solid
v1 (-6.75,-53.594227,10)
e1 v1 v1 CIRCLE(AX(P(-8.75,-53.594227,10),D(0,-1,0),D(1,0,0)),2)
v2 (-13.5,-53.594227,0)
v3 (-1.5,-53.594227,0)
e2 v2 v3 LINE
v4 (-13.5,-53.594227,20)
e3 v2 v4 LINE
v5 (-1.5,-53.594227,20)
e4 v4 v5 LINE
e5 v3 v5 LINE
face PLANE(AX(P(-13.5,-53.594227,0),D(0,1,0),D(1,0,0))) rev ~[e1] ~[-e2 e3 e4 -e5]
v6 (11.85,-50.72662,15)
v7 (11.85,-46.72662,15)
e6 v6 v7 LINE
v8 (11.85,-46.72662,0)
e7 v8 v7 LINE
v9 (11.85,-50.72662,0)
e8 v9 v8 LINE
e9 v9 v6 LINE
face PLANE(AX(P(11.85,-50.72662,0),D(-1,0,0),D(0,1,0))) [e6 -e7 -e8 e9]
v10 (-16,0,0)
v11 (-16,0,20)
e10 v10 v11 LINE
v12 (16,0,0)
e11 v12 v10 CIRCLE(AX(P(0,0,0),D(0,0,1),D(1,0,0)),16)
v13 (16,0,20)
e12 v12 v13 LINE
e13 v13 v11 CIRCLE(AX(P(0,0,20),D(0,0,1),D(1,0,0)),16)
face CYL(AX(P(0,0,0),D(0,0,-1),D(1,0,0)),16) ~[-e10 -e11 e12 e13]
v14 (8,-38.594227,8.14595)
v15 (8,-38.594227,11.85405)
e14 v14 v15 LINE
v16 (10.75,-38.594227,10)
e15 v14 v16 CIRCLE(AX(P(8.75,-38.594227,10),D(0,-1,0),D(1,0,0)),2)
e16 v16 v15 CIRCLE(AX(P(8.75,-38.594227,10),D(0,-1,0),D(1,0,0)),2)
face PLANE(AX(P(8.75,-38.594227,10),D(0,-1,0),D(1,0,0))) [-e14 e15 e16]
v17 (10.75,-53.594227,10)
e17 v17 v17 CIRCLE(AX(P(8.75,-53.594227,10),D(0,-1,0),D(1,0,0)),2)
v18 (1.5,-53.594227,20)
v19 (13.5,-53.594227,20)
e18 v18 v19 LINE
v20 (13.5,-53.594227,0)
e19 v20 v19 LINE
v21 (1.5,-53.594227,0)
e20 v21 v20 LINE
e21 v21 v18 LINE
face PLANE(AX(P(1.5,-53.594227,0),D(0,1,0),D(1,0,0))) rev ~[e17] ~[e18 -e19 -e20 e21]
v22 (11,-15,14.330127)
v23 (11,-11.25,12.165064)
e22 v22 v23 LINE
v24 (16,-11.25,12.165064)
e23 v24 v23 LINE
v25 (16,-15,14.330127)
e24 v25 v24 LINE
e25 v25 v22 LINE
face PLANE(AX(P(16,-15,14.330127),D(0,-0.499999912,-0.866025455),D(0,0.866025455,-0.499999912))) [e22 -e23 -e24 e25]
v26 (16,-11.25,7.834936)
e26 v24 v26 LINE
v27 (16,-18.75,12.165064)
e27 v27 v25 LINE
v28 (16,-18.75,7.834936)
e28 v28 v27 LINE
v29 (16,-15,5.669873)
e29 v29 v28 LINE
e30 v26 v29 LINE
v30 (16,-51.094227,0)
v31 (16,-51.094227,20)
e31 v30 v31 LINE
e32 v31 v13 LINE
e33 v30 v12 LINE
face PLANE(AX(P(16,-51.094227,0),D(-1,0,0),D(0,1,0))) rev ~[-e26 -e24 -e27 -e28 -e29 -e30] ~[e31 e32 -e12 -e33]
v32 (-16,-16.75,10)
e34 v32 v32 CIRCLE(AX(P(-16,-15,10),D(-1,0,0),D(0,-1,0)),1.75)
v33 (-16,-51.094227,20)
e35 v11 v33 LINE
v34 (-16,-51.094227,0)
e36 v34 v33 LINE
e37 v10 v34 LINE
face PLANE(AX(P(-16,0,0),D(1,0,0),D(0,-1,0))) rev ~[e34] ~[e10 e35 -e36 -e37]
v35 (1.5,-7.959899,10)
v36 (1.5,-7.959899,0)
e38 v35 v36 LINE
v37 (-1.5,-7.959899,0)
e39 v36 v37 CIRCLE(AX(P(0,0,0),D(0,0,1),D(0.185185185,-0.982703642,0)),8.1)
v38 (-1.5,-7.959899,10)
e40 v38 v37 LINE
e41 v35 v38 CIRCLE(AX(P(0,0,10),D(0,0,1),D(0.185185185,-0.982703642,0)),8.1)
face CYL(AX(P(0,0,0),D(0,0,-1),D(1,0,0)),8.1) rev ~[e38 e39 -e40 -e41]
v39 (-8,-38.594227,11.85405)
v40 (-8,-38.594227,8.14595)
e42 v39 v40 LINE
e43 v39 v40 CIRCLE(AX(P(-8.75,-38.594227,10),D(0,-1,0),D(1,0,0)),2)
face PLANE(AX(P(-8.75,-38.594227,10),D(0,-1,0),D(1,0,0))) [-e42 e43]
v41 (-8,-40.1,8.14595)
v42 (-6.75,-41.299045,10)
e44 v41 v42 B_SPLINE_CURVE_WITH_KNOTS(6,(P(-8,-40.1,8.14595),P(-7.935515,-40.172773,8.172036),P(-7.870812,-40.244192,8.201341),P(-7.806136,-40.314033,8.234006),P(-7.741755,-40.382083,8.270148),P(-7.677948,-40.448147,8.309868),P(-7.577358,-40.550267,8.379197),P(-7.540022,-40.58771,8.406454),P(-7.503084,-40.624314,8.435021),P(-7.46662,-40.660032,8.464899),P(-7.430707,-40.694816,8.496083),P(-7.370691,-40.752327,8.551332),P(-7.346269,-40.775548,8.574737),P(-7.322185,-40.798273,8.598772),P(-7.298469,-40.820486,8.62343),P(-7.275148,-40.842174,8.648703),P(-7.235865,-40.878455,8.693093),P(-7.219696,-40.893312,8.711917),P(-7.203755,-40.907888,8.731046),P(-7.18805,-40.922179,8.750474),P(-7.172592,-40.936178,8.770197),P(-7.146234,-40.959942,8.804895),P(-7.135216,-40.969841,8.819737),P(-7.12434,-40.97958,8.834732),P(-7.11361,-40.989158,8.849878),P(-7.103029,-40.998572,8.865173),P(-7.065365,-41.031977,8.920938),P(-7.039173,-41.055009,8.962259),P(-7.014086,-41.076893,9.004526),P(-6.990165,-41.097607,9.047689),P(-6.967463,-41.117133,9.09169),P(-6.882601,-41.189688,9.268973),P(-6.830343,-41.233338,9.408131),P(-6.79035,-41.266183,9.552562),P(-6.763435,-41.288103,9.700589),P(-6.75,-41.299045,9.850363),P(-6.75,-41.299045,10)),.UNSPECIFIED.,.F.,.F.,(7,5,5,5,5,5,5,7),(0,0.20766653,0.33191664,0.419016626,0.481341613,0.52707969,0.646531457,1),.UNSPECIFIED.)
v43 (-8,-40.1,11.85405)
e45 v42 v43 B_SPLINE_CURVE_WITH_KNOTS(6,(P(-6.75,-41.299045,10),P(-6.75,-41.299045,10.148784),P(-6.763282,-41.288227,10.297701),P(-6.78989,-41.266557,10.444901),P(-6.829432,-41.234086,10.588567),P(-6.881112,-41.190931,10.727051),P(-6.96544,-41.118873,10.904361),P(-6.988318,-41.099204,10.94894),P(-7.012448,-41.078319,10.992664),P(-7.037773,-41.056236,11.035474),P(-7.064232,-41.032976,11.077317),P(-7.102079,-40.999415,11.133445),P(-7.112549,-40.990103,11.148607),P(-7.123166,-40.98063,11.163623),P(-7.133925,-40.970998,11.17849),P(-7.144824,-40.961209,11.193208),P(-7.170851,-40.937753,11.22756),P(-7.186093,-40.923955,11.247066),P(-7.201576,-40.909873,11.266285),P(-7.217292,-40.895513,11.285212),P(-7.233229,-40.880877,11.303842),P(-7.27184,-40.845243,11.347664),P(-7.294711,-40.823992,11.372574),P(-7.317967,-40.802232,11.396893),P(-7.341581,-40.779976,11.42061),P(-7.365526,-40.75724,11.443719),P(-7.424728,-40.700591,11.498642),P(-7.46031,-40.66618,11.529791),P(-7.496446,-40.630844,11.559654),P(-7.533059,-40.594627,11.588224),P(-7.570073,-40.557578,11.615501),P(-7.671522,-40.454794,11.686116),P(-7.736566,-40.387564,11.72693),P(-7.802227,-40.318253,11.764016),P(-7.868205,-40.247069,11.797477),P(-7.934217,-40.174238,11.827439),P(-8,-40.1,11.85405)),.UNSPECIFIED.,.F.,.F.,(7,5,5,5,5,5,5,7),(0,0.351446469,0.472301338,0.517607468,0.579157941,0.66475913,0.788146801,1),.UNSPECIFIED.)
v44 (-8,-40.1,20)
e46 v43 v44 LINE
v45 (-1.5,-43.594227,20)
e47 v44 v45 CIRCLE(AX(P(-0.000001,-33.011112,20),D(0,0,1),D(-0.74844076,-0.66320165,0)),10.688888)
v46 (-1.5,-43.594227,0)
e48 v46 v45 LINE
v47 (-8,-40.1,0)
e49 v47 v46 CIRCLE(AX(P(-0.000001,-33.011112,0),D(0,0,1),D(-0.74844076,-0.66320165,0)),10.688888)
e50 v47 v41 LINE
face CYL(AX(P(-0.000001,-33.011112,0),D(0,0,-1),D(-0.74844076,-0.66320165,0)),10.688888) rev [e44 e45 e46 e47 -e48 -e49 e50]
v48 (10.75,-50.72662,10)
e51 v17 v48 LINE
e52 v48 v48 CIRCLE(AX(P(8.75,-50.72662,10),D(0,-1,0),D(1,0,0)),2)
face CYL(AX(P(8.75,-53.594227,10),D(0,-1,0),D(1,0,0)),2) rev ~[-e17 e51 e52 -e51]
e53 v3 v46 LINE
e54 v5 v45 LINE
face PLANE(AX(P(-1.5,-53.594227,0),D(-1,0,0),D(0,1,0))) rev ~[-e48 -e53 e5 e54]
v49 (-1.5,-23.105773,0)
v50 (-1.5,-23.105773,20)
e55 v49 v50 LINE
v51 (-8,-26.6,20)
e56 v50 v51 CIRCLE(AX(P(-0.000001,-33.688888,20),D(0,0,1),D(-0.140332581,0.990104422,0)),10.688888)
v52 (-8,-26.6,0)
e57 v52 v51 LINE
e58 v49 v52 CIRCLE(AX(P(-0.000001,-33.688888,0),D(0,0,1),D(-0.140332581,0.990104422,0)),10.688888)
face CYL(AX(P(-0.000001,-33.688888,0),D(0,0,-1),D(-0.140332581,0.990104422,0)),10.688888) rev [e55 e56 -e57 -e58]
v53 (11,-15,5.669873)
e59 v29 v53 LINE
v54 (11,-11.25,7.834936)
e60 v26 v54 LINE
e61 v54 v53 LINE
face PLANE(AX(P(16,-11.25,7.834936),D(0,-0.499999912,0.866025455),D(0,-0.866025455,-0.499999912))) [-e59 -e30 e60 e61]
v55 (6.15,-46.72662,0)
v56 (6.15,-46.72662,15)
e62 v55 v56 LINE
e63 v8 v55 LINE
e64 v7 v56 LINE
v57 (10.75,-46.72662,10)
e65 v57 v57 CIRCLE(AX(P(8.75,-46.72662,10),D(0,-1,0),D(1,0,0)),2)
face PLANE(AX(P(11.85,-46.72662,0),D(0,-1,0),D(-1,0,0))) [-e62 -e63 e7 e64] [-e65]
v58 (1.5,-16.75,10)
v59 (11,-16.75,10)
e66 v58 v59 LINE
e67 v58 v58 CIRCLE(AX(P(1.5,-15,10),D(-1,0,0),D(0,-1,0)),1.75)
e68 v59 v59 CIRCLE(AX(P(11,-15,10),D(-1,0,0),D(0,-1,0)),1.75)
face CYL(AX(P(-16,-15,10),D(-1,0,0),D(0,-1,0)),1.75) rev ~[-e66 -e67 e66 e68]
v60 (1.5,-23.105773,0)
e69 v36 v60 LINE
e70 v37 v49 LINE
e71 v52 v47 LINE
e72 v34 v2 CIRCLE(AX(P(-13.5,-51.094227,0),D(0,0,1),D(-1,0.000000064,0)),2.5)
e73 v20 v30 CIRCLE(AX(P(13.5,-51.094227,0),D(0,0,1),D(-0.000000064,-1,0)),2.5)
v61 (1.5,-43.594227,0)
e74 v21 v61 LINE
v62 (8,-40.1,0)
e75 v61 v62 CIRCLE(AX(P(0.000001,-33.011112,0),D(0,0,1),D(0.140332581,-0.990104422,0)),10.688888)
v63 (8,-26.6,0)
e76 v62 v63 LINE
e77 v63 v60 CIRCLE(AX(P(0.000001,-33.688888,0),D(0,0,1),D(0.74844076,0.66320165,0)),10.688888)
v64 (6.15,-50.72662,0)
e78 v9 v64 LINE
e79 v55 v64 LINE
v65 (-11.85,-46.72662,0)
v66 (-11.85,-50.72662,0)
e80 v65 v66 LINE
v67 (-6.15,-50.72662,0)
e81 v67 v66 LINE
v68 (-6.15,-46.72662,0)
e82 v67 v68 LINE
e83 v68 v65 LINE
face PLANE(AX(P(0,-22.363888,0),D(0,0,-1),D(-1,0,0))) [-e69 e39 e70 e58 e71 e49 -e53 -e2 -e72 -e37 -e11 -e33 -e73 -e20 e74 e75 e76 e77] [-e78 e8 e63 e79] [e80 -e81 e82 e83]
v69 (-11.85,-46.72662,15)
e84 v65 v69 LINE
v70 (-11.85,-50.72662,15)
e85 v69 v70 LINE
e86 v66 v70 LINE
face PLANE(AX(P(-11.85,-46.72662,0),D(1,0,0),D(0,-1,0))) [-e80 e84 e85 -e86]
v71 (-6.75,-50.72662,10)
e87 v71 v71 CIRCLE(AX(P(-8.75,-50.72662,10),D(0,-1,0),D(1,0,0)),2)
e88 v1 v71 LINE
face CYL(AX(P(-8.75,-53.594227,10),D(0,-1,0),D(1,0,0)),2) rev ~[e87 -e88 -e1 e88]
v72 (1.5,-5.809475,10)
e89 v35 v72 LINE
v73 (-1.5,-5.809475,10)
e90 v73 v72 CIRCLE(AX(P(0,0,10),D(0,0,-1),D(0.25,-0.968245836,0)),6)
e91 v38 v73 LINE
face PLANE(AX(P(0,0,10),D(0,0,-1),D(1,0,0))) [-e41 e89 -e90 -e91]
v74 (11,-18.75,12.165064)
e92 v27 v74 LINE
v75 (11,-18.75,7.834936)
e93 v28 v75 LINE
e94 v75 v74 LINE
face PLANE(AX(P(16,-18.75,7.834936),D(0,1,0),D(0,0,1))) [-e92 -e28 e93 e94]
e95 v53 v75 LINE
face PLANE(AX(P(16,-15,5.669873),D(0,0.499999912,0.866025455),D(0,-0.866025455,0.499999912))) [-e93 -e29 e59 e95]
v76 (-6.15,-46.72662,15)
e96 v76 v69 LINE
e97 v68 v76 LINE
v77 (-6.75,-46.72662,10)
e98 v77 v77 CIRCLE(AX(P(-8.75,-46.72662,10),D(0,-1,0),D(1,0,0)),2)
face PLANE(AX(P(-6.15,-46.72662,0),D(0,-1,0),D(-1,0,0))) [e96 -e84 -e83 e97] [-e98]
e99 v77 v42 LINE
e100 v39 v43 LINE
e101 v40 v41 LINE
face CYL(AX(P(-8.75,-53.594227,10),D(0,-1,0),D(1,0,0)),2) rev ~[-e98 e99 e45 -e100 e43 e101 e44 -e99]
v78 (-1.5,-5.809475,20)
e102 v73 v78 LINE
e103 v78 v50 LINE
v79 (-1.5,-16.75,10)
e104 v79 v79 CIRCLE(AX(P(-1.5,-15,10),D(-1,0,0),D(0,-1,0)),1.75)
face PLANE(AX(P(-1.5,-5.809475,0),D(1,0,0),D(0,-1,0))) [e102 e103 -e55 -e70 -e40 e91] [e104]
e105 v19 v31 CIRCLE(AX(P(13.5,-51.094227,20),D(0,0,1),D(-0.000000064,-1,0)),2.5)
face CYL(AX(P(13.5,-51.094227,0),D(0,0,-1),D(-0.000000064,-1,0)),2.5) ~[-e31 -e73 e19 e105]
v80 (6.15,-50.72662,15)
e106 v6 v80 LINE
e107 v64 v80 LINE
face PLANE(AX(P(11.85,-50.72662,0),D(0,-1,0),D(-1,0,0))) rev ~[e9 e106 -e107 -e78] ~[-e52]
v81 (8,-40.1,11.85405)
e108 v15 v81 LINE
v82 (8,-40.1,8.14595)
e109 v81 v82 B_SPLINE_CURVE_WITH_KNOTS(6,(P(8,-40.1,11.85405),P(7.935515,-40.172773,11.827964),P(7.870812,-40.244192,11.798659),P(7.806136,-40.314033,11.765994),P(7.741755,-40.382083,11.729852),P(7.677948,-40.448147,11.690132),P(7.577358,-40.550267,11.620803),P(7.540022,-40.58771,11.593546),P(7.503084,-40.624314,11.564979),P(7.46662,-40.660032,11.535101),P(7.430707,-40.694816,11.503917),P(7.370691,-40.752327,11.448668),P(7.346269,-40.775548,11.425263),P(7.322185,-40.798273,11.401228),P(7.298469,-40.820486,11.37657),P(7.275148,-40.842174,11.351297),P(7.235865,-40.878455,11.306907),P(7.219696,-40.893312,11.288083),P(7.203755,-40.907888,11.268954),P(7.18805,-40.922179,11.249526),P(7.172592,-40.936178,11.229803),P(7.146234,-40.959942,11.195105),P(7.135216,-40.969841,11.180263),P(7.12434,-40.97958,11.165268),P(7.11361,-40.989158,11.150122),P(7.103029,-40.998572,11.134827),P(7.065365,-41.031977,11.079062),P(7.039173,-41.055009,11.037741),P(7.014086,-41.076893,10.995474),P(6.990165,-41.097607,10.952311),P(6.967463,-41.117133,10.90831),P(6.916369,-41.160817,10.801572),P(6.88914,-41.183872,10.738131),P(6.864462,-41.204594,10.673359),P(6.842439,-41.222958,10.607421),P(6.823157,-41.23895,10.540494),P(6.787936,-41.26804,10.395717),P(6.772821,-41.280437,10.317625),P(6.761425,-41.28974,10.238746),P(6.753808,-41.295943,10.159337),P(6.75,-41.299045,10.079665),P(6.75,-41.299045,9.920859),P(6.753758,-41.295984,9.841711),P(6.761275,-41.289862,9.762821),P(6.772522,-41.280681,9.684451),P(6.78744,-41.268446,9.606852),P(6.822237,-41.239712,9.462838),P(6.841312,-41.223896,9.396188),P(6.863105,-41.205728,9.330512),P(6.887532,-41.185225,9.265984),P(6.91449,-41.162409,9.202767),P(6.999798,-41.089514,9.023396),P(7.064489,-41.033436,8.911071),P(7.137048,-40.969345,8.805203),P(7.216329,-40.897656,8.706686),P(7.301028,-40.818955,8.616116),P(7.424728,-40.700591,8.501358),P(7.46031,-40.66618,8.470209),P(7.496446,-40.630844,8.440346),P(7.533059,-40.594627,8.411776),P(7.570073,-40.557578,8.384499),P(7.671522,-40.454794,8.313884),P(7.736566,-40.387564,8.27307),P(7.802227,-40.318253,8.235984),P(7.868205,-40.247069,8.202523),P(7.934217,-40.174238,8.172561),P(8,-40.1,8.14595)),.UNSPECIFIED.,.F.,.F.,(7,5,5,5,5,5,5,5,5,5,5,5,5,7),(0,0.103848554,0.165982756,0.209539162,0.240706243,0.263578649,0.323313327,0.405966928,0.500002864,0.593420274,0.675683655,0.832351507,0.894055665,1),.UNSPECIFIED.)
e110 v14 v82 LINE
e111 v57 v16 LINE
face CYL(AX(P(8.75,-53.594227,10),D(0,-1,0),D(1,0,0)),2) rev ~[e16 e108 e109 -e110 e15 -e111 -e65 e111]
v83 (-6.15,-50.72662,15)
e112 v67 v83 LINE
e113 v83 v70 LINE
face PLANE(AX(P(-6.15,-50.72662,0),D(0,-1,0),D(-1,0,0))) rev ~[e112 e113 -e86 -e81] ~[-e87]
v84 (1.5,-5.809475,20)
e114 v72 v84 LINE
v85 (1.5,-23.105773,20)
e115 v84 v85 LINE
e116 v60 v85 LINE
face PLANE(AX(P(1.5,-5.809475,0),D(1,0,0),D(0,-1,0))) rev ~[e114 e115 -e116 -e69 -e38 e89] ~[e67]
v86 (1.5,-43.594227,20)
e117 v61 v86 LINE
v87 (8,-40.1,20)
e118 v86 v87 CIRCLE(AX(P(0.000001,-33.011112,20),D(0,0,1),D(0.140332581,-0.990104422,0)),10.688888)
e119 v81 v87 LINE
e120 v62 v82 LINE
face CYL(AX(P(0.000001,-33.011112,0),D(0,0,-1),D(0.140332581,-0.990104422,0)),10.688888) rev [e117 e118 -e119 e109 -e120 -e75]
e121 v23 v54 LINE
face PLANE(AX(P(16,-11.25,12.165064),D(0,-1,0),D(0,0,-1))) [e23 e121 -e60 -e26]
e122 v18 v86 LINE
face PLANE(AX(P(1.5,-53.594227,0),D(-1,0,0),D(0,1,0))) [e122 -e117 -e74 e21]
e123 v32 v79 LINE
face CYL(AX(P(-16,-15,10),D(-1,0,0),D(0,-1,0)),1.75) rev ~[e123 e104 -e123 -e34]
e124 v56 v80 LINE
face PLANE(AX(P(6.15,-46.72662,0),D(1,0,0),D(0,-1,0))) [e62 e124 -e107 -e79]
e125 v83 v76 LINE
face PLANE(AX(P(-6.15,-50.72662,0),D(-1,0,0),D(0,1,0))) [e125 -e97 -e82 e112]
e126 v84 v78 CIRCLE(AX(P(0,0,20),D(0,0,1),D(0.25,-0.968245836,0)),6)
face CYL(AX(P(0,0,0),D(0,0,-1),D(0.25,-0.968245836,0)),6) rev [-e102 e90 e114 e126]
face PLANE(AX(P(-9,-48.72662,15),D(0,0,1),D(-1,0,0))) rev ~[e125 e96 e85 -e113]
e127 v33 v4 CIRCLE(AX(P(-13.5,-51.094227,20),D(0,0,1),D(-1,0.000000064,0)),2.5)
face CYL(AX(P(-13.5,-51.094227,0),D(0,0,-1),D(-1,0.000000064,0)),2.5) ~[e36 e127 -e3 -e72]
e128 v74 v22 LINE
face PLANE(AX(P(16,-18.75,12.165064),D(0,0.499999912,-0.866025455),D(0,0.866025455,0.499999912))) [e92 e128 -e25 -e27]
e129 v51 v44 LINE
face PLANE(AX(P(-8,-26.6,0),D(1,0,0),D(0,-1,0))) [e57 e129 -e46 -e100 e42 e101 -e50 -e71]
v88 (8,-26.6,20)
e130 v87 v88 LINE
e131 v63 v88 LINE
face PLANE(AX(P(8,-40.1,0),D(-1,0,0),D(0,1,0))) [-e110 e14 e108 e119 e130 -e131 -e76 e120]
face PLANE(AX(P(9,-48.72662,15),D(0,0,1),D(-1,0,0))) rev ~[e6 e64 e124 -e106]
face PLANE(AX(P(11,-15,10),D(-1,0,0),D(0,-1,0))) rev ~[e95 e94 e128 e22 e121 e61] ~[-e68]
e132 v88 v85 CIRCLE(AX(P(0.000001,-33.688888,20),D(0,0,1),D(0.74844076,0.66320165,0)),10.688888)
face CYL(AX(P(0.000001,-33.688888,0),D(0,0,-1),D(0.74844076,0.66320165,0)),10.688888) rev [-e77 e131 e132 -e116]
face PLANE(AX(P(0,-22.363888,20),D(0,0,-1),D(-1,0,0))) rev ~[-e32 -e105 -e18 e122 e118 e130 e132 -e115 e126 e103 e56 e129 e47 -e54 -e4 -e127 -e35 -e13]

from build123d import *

# Parameters (mm, degrees)
PAD_DEPTH       = 20
SKETCH004_R     = 1.75
POCKET002_DEPTH = 50
POCKET003_DEPTH = 5
POCKET004_DEPTH = 15
SKETCH007_R     = 2
POCKET005_DEPTH = 15
SKETCH008_R     = 8.1
POCKET006_DEPTH = 10


with BuildPart() as part:
    # Sketch003 → Pad (new body)
    with BuildSketch(Plane.XY):
        with BuildLine():
            Line((-8, -26.6), (-8, -40.1))
            ThreePointArc((-8, -40.1), (-5.061117, -42.425857), (-1.5, -43.594227))
            Line((-1.5, -53.594227), (-1.5, -43.594227))
            Line((-13.5, -53.594227), (-1.5, -53.594227))
            ThreePointArc((-16, -51.094227), (-15.267767, -52.861994), (-13.5, -53.594227))
            Line((-16, 0), (-16, -51.094227))
            ThreePointArc((16, 0), (0, 16), (-16, 0))
            Line((16, -51.094227), (16, 0))
            ThreePointArc((13.5, -53.594227), (15.267767, -52.861994), (16, -51.094227))
            Line((1.5, -53.594227), (13.5, -53.594227))
            Line((1.5, -53.594227), (1.5, -43.594227))
            ThreePointArc((1.5, -43.594227), (5.061117, -42.425857), (8, -40.1))
            Line((8, -40.1), (8, -26.6))
            ThreePointArc((8, -26.6), (5.061117, -24.274143), (1.5, -23.105773))
            Line((1.5, -5.809475), (1.5, -23.105773))
            ThreePointArc((1.5, -5.809475), (0, 6), (-1.5, -5.809475))
            Line((-1.5, -5.809475), (-1.5, -23.105773))
            ThreePointArc((-1.5, -23.105773), (-5.061117, -24.274143), (-8, -26.6))
        make_face()
    extrude(amount=PAD_DEPTH)

    # Sketch004 (on Face9 of Pad) → Pocket002 (cut)
    with BuildSketch(Plane(origin=(-16, 0, 0), x_dir=(0, -1, 0), z_dir=(-1, 0, 0))):
        with Locations((15, 10)):
            Circle(SKETCH004_R)
    extrude(amount=-POCKET002_DEPTH, mode=Mode.SUBTRACT)

    # Sketch005 (on Face17 of Pocket002) → Pocket003 (cut)
    with BuildSketch(Plane(origin=(16, 0, 0), x_dir=(0, -1, 0), z_dir=(-1, 0, 0))):
        Polygon((18.75, 7.834936), (18.75, 12.165064), (15, 14.330127), (11.25, 12.165064), (11.25, 7.834936), (15, 5.669873), align=None)
    extrude(amount=POCKET003_DEPTH, mode=Mode.SUBTRACT)

    # Sketch006 → Pocket004 (cut)
    with BuildSketch(Plane(origin=(0, 0, 0), x_dir=(1, 0, 0), z_dir=(0, 0, -1))):
        Polygon((-7, 50.72662), (-6.15, 50.72662), (-6.15, 46.72662), (-11.85, 46.72662), (-11.85, 50.72662), (-11, 50.72662), align=None)
        Polygon((11, 50.72662), (11.85, 50.72662), (11.85, 46.72662), (6.15, 46.72662), (6.15, 50.72662), (7, 50.72662), align=None)
    extrude(amount=-POCKET004_DEPTH, mode=Mode.SUBTRACT)

    # Sketch007 (on Face16 of Pocket004) → Pocket005 (cut)
    with BuildSketch(Plane.XZ.offset(53.594227)):
        with Locations((-8.75, 10)):
            Circle(SKETCH007_R)
        with Locations((8.75, 10)):
            Circle(SKETCH007_R)
    extrude(amount=-POCKET005_DEPTH, mode=Mode.SUBTRACT)

    # Sketch008 (on Face4 of Pocket005) → Pocket006 (cut)
    with BuildSketch(Plane(origin=(0, 0, 0), x_dir=(1, 0, 0), z_dir=(0, 0, -1))):
        Circle(SKETCH008_R)
    extrude(amount=-POCKET006_DEPTH, mode=Mode.SUBTRACT)


solid = part.part
